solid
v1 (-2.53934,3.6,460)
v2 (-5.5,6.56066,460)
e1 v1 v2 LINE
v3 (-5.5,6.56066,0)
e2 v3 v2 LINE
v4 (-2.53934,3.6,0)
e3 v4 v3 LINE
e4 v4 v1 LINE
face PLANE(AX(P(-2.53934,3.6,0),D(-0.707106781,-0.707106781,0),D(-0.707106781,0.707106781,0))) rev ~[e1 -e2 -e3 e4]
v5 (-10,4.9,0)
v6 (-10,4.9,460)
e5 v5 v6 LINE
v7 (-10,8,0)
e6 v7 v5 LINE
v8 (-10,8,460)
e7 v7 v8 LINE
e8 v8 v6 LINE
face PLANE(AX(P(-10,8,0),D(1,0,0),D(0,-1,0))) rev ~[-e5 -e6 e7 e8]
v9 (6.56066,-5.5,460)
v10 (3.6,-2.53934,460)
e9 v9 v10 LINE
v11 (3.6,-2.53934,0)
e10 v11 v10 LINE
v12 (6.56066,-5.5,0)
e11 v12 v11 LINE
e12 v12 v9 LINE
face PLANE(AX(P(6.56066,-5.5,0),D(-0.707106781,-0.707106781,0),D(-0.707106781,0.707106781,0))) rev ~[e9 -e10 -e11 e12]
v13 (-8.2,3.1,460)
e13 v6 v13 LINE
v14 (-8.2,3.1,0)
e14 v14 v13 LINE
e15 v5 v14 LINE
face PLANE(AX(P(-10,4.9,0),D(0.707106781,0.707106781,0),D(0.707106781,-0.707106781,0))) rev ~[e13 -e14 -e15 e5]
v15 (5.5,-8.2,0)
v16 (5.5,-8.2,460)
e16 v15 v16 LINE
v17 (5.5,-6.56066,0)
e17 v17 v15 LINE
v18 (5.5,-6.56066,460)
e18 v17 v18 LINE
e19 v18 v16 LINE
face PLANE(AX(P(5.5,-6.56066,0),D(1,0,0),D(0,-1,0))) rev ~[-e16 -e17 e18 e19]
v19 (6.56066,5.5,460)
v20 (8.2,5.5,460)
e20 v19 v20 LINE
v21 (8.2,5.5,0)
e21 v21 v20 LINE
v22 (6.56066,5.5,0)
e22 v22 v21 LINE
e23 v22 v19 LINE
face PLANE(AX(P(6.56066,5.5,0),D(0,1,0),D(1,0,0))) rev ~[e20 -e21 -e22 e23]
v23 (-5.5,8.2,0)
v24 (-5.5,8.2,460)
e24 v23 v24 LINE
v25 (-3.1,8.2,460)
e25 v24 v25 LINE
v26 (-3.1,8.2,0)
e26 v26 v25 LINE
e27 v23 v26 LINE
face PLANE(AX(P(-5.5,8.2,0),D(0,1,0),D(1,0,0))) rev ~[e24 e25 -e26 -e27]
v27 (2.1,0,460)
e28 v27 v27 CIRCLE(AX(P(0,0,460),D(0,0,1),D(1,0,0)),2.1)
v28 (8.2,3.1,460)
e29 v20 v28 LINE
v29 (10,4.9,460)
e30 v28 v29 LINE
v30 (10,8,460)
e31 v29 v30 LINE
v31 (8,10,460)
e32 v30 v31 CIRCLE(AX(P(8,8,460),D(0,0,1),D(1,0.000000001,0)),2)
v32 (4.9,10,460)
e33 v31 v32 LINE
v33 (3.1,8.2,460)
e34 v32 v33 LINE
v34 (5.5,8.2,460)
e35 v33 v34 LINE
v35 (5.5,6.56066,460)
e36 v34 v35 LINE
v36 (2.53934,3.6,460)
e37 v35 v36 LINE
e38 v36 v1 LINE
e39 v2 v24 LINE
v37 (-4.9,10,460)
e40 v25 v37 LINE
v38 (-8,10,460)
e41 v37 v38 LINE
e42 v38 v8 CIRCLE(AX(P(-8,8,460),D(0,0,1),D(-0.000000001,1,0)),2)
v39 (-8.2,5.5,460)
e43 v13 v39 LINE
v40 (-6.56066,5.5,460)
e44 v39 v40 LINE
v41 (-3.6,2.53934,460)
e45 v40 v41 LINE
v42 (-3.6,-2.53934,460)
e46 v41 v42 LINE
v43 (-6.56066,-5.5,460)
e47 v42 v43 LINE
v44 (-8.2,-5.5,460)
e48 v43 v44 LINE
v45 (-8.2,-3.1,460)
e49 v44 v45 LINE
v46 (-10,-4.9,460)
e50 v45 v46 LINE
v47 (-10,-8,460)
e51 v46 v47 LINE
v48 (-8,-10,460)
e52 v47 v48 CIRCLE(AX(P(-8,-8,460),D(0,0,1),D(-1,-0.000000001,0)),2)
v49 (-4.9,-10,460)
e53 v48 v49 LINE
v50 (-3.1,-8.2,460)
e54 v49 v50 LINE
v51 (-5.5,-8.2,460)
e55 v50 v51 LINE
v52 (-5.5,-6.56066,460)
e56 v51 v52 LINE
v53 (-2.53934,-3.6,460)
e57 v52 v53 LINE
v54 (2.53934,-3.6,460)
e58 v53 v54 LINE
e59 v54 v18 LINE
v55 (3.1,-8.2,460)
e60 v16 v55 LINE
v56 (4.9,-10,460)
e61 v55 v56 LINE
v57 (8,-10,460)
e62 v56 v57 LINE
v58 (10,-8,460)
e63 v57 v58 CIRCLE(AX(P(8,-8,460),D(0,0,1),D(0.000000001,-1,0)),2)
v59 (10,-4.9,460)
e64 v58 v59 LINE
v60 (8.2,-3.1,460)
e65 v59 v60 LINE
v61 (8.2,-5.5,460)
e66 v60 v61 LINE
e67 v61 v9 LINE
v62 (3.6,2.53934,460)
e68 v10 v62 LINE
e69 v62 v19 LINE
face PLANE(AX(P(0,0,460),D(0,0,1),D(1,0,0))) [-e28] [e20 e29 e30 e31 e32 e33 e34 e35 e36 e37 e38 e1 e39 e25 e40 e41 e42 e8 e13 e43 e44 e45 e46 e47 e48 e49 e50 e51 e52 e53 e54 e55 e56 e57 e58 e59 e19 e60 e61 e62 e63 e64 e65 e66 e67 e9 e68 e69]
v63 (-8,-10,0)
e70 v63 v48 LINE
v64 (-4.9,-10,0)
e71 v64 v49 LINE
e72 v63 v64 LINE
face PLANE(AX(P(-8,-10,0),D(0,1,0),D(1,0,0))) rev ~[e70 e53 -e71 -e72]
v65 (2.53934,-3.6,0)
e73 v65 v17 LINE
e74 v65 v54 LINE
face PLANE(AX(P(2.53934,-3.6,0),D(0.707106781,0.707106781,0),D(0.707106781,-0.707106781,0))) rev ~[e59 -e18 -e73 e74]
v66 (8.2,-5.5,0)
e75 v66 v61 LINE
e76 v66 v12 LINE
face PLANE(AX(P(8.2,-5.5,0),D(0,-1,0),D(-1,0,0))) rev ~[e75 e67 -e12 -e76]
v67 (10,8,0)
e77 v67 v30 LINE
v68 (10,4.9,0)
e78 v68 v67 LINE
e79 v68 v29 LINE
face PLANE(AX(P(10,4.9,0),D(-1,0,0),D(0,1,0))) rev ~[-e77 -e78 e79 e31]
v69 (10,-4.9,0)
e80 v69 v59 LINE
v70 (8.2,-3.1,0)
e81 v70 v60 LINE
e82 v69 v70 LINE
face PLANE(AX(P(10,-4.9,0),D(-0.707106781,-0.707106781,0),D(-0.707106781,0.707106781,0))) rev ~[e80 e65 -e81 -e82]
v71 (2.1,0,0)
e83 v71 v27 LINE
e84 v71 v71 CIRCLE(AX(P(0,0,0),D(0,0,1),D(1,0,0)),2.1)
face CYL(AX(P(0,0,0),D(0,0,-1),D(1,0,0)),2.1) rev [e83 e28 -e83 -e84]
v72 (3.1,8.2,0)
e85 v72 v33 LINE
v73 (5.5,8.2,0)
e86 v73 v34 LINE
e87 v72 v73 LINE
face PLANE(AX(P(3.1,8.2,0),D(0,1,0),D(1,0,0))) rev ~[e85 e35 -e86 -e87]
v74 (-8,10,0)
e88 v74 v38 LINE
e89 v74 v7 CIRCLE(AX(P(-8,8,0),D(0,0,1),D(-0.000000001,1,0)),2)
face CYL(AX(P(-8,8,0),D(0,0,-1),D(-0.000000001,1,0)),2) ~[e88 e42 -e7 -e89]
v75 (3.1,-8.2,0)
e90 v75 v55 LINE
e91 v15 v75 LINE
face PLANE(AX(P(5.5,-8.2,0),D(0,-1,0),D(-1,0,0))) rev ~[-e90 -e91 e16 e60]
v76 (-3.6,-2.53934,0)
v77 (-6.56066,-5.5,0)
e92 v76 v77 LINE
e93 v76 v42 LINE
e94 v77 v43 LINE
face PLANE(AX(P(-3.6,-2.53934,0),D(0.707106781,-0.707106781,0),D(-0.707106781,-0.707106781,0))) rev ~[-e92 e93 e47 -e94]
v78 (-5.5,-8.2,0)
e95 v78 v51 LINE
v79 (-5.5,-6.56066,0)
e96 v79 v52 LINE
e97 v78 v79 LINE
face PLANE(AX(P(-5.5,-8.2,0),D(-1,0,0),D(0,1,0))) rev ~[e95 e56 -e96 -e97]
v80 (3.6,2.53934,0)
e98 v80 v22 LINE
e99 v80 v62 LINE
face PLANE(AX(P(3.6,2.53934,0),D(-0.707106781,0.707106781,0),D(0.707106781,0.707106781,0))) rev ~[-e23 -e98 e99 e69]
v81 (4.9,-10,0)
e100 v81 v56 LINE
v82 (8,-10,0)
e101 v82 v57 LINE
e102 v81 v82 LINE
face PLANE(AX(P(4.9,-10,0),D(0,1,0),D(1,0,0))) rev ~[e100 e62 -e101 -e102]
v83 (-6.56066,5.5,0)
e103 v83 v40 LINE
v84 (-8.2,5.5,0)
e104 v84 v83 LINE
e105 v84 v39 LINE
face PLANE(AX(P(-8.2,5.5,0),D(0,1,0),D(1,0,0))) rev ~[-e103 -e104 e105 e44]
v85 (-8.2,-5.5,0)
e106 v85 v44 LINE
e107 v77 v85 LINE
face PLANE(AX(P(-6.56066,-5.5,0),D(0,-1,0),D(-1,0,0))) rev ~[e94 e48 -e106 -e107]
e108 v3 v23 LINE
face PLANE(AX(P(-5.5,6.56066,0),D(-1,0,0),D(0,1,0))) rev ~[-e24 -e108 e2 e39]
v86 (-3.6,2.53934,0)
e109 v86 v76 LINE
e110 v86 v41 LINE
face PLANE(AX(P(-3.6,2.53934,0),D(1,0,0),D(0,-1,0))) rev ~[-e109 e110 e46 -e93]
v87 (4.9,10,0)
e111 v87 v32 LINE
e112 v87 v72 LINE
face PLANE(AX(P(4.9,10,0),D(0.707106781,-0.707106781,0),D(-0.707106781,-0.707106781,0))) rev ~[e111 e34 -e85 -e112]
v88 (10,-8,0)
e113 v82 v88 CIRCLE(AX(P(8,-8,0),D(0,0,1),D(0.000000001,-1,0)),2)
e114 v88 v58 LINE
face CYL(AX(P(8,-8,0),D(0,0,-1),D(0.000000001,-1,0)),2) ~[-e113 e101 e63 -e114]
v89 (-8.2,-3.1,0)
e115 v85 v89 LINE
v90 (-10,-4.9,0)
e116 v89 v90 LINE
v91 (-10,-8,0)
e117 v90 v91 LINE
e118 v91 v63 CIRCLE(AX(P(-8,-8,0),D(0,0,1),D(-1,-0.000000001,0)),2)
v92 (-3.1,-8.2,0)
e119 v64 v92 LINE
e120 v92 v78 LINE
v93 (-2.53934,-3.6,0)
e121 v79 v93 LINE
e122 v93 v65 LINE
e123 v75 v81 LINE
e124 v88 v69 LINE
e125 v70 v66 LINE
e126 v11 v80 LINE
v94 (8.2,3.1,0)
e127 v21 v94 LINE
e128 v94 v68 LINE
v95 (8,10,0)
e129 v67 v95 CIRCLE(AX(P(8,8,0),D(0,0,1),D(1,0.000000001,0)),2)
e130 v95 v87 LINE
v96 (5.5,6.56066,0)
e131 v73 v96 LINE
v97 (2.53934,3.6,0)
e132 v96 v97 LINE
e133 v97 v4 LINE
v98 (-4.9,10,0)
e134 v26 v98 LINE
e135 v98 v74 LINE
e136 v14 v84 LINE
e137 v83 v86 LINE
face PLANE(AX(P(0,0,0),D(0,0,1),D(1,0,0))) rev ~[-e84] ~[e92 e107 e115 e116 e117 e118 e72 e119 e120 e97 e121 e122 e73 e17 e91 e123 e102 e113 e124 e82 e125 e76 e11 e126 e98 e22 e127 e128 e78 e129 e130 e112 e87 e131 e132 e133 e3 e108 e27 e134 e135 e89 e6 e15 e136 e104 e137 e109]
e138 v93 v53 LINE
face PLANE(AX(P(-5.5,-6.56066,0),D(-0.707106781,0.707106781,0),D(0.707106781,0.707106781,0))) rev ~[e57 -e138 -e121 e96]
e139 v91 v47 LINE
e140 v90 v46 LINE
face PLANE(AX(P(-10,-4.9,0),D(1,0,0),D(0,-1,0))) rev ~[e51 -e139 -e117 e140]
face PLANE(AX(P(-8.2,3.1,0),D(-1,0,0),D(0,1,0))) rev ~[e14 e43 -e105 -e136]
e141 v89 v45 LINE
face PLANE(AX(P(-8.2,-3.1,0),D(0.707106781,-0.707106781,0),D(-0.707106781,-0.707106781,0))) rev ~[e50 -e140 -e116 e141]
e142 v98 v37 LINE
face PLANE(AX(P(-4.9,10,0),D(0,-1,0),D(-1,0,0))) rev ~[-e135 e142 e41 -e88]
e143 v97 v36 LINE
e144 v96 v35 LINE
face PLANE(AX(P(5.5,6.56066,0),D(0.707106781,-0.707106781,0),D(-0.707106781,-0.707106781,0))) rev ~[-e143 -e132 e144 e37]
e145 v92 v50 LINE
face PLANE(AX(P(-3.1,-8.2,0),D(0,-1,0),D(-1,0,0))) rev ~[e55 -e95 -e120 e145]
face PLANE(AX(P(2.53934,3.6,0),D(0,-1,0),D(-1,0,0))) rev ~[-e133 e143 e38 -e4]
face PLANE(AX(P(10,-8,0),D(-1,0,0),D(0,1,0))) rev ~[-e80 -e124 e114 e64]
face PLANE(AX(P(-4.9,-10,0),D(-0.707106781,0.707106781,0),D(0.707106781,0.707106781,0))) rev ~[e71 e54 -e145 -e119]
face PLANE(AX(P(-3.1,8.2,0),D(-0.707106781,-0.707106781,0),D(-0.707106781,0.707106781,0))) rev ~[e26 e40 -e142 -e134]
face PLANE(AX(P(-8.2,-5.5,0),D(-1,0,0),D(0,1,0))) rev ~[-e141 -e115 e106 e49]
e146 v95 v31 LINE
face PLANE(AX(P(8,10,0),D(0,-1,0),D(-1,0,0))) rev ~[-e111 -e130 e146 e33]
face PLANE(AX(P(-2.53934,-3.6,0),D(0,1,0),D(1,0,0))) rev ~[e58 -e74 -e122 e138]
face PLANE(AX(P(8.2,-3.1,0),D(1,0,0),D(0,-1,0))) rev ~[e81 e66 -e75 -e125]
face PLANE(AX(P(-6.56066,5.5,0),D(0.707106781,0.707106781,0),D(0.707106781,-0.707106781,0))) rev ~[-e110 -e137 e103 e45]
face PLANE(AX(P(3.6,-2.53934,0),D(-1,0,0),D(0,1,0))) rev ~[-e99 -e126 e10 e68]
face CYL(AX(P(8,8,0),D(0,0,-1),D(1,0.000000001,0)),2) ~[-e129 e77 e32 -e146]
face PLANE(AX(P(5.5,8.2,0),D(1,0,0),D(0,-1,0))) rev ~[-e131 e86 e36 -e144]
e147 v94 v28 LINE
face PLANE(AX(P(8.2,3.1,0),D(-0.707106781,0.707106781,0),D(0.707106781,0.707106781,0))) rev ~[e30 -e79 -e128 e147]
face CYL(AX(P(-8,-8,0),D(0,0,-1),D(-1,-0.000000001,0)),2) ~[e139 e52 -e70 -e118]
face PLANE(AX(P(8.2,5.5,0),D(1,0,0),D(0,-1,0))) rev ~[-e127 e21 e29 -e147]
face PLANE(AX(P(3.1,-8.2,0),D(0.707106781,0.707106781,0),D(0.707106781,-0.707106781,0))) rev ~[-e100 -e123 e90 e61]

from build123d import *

# Parameters (mm, degrees)
SKETCH1_R           = 2.1
BOSS_EXTRUDE1_DEPTH = 460


with BuildPart() as part:
    # Sketch1 → Boss-Extrude1 (new body)
    with BuildSketch(Plane.XY):
        with BuildLine():
            Line((-4.9, -10), (-3.1, -8.2))
            Line((-3.1, -8.2), (-5.5, -8.2))
            Line((-5.5, -8.2), (-5.5, -6.560660172))
            Line((-5.5, -6.560660172), (-2.539339828, -3.6))
            Line((-2.539339828, -3.6), (2.539339828, -3.6))
            Line((2.539339828, -3.6), (5.5, -6.560660172))
            Line((5.5, -6.560660172), (5.5, -8.2))
            Line((5.5, -8.2), (3.1, -8.2))
            Line((3.1, -8.2), (4.9, -10))
            Line((4.9, -10), (8, -10))
            ThreePointArc((8, -10), (9.414213562, -9.414213562), (10, -8))
            Line((10, -8), (10, -4.9))
            Line((10, -4.9), (8.2, -3.1))
            Line((8.2, -3.1), (8.2, -5.5))
            Line((8.2, -5.5), (6.560660172, -5.5))
            Line((6.560660172, -5.5), (3.6, -2.539339828))
            Line((3.6, -2.539339828), (3.6, 2.539339828))
            Line((3.6, 2.539339828), (6.560660172, 5.5))
            Line((6.560660172, 5.5), (8.2, 5.5))
            Line((8.2, 5.5), (8.2, 3.1))
            Line((8.2, 3.1), (10, 4.9))
            Line((10, 4.9), (10, 8))
            ThreePointArc((10, 8), (9.414213562, 9.414213562), (8, 10))
            Line((8, 10), (4.9, 10))
            Line((4.9, 10), (3.1, 8.2))
            Line((3.1, 8.2), (5.5, 8.2))
            Line((5.5, 8.2), (5.5, 6.560660172))
            Line((5.5, 6.560660172), (2.539339828, 3.6))
            Line((2.539339828, 3.6), (-2.539339828, 3.6))
            Line((-2.539339828, 3.6), (-5.5, 6.560660172))
            Line((-5.5, 6.560660172), (-5.5, 8.2))
            Line((-5.5, 8.2), (-3.1, 8.2))
            Line((-3.1, 8.2), (-4.9, 10))
            Line((-4.9, 10), (-8, 10))
            ThreePointArc((-8, 10), (-9.414213562, 9.414213562), (-10, 8))
            Line((-10, 8), (-10, 4.9))
            Line((-10, 4.9), (-8.2, 3.1))
            Line((-8.2, 3.1), (-8.2, 5.5))
            Line((-8.2, 5.5), (-6.560660172, 5.5))
            Line((-6.560660172, 5.5), (-3.6, 2.539339828))
            Line((-3.6, 2.539339828), (-3.6, -2.539339828))
            Line((-3.6, -2.539339828), (-6.560660172, -5.5))
            Line((-6.560660172, -5.5), (-8.2, -5.5))
            Line((-8.2, -5.5), (-8.2, -3.1))
            Line((-8.2, -3.1), (-10, -4.9))
            Line((-10, -4.9), (-10, -8))
            ThreePointArc((-10, -8), (-9.414213562, -9.414213562), (-8, -10))
            Line((-8, -10), (-4.9, -10))
        make_face()
        Circle(SKETCH1_R, mode=Mode.SUBTRACT)
    extrude(amount=BOSS_EXTRUDE1_DEPTH)


solid = part.part
